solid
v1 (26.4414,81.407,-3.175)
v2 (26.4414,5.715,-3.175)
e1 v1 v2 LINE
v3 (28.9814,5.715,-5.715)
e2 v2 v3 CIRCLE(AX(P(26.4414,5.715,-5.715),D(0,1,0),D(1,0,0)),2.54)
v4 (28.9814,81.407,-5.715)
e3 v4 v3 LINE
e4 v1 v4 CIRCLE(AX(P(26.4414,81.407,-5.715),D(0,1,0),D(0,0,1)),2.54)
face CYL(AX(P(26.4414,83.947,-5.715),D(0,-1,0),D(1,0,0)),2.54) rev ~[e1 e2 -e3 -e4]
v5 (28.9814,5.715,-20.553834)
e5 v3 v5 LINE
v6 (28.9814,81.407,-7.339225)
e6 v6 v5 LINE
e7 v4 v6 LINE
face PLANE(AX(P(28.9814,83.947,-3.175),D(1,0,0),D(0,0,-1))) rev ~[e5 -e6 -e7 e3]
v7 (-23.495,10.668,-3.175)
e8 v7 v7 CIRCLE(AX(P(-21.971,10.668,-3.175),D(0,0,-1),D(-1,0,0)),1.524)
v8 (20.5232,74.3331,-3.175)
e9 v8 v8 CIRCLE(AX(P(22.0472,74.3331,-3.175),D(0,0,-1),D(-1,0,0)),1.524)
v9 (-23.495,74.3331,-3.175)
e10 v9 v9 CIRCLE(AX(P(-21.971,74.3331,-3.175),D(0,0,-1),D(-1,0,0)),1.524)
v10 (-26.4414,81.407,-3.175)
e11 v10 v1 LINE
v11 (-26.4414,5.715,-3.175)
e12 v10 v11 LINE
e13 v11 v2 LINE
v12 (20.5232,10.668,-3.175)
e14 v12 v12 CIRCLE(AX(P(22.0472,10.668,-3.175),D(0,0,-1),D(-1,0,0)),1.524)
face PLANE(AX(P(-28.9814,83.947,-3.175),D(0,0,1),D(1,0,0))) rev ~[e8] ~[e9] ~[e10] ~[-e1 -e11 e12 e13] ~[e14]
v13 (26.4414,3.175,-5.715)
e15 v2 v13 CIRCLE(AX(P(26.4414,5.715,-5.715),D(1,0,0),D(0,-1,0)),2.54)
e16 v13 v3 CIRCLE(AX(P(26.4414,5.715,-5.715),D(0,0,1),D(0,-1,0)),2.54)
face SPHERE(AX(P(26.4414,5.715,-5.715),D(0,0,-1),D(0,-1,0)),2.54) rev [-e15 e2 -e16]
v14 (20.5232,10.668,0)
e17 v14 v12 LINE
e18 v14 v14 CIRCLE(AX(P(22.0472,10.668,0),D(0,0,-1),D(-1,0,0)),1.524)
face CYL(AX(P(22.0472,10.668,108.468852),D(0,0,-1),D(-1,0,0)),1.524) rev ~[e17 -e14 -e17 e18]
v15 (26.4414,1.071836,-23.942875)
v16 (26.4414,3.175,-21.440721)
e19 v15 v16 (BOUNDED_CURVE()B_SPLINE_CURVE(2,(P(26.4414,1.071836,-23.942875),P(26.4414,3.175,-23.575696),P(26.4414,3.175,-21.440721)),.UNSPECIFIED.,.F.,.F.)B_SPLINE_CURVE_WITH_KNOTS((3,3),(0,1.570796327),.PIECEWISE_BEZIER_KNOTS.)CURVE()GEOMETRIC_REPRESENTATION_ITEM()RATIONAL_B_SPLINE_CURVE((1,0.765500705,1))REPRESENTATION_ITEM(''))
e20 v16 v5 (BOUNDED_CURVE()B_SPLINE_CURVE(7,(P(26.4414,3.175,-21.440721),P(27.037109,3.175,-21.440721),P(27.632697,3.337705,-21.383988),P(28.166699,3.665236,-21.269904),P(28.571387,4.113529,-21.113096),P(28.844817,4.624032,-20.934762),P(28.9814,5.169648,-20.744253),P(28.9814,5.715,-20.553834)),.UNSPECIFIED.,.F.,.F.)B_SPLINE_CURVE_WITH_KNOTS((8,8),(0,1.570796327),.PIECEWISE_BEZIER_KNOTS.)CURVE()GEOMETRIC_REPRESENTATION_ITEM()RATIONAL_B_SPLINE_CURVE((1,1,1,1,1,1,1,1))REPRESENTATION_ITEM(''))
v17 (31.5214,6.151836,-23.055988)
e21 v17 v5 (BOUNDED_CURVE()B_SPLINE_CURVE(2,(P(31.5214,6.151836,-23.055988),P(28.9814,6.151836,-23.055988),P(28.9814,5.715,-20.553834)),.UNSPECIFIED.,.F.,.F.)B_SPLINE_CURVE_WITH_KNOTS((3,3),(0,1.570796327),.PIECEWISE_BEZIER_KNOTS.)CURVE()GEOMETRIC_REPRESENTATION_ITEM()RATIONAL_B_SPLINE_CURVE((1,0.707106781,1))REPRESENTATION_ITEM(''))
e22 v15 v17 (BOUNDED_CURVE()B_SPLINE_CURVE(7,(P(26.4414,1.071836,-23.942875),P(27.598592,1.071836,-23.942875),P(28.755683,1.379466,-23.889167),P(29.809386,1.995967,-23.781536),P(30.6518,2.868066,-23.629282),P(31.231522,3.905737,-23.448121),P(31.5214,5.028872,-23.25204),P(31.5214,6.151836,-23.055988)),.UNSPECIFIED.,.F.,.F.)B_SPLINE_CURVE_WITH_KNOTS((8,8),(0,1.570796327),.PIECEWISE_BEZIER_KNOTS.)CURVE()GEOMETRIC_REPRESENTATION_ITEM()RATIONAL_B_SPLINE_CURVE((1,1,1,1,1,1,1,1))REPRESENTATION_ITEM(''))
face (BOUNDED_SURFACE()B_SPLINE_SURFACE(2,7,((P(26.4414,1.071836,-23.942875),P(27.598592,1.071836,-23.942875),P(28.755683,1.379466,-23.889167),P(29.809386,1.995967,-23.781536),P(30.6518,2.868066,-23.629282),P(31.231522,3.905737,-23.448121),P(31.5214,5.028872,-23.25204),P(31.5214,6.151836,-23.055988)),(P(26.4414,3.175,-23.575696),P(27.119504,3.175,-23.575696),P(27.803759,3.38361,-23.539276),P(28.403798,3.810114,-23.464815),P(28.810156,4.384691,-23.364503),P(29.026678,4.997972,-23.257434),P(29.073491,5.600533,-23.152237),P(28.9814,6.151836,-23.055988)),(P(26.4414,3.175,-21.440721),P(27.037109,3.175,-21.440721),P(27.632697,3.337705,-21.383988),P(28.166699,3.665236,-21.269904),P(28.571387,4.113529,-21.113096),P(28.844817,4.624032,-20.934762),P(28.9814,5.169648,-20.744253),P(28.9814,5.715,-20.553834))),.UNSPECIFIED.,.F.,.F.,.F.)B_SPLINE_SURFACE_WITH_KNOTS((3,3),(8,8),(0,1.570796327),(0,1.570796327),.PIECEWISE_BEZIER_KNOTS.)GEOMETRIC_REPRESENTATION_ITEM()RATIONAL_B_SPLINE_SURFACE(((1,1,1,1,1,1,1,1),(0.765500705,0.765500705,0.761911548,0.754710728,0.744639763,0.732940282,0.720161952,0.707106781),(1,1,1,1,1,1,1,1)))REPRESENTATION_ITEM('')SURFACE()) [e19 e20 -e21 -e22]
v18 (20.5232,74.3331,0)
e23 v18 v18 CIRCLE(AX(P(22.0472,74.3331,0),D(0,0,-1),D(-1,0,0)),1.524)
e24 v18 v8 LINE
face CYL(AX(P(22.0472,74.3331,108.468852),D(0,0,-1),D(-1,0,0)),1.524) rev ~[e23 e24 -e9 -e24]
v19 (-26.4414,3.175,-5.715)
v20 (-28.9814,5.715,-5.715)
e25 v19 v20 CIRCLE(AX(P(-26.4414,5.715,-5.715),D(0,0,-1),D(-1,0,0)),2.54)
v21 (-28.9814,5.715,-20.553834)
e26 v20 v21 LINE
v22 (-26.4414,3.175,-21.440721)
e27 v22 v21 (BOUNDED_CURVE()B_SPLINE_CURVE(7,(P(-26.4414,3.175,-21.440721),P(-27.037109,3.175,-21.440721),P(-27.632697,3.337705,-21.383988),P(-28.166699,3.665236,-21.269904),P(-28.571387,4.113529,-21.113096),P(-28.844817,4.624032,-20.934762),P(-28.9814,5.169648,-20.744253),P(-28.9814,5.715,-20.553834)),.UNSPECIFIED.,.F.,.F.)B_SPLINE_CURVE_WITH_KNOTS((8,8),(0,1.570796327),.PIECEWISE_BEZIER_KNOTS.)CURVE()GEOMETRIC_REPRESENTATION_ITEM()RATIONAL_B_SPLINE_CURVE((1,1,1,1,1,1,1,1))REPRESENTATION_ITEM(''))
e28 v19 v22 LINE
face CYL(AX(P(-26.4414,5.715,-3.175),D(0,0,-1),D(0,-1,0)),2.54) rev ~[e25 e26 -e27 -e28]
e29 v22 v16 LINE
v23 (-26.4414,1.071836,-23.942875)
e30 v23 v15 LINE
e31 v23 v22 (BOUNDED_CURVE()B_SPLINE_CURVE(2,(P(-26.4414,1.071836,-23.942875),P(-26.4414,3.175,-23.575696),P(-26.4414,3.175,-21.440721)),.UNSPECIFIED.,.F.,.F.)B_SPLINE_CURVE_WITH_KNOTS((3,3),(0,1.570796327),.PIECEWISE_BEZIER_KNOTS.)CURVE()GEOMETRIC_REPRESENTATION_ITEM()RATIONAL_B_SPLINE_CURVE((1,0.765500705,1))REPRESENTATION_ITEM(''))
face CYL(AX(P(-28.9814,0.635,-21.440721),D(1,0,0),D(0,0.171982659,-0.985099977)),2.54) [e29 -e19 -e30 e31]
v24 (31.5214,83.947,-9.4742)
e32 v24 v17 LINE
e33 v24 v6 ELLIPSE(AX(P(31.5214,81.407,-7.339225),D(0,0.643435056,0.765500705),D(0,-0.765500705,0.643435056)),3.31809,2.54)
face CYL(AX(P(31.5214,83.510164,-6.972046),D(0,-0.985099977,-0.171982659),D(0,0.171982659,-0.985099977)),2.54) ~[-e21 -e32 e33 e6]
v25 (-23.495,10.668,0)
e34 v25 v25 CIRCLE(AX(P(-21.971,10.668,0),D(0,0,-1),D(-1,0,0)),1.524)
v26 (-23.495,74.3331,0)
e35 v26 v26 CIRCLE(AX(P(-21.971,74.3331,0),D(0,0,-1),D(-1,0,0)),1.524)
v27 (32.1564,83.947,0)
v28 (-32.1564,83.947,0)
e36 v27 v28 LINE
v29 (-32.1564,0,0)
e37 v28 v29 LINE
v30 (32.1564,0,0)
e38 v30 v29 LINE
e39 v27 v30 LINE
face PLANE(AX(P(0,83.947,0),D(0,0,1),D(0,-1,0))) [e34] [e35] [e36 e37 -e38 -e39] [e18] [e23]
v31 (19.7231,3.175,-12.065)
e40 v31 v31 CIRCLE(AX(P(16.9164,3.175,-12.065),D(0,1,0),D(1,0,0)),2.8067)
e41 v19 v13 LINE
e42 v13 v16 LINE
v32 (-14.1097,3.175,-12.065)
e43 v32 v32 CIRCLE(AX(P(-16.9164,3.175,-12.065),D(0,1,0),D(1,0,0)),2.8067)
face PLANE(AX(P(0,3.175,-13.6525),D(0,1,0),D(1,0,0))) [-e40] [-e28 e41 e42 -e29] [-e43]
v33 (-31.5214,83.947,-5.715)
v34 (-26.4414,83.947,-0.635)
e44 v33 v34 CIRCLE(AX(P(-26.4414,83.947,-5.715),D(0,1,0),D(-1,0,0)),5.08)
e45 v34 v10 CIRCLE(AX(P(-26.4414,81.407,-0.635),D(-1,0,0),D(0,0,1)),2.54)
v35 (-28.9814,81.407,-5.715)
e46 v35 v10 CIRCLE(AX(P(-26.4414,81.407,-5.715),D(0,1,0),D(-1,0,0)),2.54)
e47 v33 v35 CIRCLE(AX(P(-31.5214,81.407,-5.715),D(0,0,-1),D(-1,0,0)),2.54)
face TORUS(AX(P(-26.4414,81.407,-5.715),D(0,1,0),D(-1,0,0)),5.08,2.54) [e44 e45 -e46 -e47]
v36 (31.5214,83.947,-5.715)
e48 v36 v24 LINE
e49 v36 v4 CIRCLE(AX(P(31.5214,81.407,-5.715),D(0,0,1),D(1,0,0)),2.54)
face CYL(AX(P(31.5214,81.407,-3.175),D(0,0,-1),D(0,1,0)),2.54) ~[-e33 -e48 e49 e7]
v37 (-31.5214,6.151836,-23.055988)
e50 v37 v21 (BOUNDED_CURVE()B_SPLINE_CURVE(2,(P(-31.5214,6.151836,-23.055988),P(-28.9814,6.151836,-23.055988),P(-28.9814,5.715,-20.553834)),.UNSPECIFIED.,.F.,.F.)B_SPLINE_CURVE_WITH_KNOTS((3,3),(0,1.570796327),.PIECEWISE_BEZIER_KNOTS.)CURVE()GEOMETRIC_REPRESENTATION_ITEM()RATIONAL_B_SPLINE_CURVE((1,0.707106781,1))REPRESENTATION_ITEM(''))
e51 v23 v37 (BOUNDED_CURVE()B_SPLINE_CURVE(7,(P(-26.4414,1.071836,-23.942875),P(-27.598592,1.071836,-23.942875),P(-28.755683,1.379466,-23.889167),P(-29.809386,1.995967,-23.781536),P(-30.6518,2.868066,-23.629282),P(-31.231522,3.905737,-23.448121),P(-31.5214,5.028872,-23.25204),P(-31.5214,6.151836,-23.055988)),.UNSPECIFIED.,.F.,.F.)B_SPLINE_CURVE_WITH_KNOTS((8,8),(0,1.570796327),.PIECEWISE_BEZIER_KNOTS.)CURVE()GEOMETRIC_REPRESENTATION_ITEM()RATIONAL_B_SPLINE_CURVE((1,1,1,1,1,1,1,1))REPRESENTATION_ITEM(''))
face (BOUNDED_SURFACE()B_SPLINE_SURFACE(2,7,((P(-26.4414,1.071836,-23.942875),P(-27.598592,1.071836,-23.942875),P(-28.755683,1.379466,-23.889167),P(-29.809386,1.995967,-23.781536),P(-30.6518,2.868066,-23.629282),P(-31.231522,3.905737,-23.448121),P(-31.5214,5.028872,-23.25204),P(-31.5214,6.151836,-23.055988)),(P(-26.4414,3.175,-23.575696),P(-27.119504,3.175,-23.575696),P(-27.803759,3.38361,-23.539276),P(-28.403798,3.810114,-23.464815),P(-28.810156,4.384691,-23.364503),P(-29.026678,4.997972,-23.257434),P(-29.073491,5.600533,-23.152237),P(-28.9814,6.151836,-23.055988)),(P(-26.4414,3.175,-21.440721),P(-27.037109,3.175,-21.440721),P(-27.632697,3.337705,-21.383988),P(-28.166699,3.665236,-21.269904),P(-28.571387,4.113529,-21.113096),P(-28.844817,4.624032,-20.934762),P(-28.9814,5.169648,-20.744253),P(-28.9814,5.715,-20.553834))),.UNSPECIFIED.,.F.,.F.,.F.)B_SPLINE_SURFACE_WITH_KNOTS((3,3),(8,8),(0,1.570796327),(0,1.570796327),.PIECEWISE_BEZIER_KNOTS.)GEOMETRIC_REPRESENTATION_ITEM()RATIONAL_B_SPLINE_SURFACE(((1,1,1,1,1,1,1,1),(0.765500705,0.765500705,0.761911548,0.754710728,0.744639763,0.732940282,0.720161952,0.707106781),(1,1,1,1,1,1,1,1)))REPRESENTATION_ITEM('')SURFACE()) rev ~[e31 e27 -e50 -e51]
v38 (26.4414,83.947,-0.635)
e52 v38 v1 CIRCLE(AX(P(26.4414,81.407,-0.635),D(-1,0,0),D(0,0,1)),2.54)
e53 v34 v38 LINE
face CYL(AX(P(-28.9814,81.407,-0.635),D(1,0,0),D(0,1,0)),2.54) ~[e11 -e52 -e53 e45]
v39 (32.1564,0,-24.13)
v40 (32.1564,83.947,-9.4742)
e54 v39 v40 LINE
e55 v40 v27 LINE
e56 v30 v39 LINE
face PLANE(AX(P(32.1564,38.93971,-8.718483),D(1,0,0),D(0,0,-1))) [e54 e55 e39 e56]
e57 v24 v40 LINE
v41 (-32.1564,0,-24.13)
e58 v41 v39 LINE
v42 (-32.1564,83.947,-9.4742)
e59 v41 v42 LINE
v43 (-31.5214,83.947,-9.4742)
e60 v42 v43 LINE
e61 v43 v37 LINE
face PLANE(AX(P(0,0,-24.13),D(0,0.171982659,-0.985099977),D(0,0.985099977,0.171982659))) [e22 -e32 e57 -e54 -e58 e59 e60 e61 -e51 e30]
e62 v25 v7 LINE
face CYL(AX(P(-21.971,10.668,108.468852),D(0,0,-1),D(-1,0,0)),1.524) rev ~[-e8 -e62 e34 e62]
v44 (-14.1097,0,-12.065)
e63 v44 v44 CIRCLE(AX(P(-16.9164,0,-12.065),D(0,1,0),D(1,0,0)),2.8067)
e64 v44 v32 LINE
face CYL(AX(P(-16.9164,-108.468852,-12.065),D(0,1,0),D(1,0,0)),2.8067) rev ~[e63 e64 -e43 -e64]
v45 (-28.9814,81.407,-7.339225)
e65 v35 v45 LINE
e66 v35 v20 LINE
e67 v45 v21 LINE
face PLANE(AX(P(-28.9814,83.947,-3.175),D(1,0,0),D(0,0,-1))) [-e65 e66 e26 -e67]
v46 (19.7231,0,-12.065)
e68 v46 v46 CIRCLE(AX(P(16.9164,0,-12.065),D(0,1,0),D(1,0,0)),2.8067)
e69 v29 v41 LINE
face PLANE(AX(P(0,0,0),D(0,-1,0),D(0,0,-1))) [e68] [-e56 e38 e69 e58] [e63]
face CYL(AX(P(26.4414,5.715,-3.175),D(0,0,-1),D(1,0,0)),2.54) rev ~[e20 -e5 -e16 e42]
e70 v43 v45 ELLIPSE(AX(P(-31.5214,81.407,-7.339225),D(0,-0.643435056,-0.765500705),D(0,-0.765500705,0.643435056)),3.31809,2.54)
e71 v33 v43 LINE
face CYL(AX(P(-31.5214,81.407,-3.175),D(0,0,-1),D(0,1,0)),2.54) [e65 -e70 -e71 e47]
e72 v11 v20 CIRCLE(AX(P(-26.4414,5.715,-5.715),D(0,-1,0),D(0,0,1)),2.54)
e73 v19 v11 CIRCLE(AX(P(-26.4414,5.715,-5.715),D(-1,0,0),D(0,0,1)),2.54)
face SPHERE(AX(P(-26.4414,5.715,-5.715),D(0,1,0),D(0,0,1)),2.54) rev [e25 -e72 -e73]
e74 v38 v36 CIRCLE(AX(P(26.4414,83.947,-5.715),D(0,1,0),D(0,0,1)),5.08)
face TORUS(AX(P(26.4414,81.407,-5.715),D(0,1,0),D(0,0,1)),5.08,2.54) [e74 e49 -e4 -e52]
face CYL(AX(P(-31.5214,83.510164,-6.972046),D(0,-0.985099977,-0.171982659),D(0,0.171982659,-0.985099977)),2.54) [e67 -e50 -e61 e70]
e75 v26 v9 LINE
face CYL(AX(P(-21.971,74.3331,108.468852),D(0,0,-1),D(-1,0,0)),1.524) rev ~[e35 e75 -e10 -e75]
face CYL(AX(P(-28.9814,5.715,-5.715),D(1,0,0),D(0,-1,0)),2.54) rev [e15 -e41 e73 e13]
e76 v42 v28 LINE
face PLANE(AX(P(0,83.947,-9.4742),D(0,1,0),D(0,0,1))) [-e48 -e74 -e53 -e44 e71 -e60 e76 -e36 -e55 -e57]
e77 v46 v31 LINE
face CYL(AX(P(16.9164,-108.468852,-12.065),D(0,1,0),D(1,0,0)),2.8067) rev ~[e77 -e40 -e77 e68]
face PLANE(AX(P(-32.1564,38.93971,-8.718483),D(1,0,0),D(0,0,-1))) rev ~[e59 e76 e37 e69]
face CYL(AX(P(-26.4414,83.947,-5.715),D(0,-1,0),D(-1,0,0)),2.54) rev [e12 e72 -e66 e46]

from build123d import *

# Parameters (mm, degrees)
BOSS_EXTRUDE1_DEPTH        = 32.1564
SKETCH2_W                  = 57.9628
SKETCH2_H                  = 20.955
CUT_EXTRUDE1_DEPTH         = 80.772
F_31_0_12_DIAMETER_HOLE1_D = 3.048
F_2_0_221_DIAMETER_HOLE1_D = 5.6134
FILLET1_R                  = 2.54


with BuildPart() as part:
    # Sketch1 → Boss-Extrude1 (new body, symmetric)
    with BuildSketch(Plane(origin=(0, 0, 0), x_dir=(0, 0, -1), z_dir=(1, 0, 0))):
        Polygon((0, 0), (24.13, 0), (9.4742, 83.947), (0, 83.947), align=None)
    extrude(amount=BOSS_EXTRUDE1_DEPTH, both=True)

    # Sketch2 → Cut-Extrude1 (cut)
    with BuildSketch(Plane(origin=(0, 83.947, 0), x_dir=(1, 0, 0), z_dir=(0, 1, 0))):
        with Locations((0, 13.6525)):
            Rectangle(SKETCH2_W, SKETCH2_H)
    extrude(amount=-CUT_EXTRUDE1_DEPTH, mode=Mode.SUBTRACT)

    # #31 (0.12) Diameter Hole1 (through all)
    with Locations(Plane.XY):
        with Locations((-21.971, 74.3331), (22.0472, 74.3331), (22.0472, 10.668), (-21.971, 10.668)):
            Hole(F_31_0_12_DIAMETER_HOLE1_D / 2)

    # #2 (0.221) Diameter Hole1 (through all)
    with Locations(Plane(origin=(0, 0, 0), x_dir=(-1, 0, 0), z_dir=(0, -1, 0))):
        with Locations((-16.9164, 12.065), (16.9164, 12.065)):
            Hole(F_2_0_221_DIAMETER_HOLE1_D / 2)

    # Fillet1
    fillet1_edges = [part.edges().sort_by_distance(p)[0] for p in [
        (0, 3.175, -23.575695915),
        (28.9814, 43.561, -16.524947958),
        (-28.9814, 43.561, -16.524947958),
        (-28.9814, 43.561, -3.175),
        (-28.9814, 83.947, -6.3246),
        (0, 83.947, -3.175),
        (28.9814, 83.947, -6.3246),
        (28.9814, 3.175, -13.375347958),
        (0, 3.175, -3.175),
        (-28.9814, 3.175, -13.375347958),
        (28.9814, 43.561, -3.175),
    ]]
    fillet(fillet1_edges, radius=FILLET1_R)


solid = part.part
